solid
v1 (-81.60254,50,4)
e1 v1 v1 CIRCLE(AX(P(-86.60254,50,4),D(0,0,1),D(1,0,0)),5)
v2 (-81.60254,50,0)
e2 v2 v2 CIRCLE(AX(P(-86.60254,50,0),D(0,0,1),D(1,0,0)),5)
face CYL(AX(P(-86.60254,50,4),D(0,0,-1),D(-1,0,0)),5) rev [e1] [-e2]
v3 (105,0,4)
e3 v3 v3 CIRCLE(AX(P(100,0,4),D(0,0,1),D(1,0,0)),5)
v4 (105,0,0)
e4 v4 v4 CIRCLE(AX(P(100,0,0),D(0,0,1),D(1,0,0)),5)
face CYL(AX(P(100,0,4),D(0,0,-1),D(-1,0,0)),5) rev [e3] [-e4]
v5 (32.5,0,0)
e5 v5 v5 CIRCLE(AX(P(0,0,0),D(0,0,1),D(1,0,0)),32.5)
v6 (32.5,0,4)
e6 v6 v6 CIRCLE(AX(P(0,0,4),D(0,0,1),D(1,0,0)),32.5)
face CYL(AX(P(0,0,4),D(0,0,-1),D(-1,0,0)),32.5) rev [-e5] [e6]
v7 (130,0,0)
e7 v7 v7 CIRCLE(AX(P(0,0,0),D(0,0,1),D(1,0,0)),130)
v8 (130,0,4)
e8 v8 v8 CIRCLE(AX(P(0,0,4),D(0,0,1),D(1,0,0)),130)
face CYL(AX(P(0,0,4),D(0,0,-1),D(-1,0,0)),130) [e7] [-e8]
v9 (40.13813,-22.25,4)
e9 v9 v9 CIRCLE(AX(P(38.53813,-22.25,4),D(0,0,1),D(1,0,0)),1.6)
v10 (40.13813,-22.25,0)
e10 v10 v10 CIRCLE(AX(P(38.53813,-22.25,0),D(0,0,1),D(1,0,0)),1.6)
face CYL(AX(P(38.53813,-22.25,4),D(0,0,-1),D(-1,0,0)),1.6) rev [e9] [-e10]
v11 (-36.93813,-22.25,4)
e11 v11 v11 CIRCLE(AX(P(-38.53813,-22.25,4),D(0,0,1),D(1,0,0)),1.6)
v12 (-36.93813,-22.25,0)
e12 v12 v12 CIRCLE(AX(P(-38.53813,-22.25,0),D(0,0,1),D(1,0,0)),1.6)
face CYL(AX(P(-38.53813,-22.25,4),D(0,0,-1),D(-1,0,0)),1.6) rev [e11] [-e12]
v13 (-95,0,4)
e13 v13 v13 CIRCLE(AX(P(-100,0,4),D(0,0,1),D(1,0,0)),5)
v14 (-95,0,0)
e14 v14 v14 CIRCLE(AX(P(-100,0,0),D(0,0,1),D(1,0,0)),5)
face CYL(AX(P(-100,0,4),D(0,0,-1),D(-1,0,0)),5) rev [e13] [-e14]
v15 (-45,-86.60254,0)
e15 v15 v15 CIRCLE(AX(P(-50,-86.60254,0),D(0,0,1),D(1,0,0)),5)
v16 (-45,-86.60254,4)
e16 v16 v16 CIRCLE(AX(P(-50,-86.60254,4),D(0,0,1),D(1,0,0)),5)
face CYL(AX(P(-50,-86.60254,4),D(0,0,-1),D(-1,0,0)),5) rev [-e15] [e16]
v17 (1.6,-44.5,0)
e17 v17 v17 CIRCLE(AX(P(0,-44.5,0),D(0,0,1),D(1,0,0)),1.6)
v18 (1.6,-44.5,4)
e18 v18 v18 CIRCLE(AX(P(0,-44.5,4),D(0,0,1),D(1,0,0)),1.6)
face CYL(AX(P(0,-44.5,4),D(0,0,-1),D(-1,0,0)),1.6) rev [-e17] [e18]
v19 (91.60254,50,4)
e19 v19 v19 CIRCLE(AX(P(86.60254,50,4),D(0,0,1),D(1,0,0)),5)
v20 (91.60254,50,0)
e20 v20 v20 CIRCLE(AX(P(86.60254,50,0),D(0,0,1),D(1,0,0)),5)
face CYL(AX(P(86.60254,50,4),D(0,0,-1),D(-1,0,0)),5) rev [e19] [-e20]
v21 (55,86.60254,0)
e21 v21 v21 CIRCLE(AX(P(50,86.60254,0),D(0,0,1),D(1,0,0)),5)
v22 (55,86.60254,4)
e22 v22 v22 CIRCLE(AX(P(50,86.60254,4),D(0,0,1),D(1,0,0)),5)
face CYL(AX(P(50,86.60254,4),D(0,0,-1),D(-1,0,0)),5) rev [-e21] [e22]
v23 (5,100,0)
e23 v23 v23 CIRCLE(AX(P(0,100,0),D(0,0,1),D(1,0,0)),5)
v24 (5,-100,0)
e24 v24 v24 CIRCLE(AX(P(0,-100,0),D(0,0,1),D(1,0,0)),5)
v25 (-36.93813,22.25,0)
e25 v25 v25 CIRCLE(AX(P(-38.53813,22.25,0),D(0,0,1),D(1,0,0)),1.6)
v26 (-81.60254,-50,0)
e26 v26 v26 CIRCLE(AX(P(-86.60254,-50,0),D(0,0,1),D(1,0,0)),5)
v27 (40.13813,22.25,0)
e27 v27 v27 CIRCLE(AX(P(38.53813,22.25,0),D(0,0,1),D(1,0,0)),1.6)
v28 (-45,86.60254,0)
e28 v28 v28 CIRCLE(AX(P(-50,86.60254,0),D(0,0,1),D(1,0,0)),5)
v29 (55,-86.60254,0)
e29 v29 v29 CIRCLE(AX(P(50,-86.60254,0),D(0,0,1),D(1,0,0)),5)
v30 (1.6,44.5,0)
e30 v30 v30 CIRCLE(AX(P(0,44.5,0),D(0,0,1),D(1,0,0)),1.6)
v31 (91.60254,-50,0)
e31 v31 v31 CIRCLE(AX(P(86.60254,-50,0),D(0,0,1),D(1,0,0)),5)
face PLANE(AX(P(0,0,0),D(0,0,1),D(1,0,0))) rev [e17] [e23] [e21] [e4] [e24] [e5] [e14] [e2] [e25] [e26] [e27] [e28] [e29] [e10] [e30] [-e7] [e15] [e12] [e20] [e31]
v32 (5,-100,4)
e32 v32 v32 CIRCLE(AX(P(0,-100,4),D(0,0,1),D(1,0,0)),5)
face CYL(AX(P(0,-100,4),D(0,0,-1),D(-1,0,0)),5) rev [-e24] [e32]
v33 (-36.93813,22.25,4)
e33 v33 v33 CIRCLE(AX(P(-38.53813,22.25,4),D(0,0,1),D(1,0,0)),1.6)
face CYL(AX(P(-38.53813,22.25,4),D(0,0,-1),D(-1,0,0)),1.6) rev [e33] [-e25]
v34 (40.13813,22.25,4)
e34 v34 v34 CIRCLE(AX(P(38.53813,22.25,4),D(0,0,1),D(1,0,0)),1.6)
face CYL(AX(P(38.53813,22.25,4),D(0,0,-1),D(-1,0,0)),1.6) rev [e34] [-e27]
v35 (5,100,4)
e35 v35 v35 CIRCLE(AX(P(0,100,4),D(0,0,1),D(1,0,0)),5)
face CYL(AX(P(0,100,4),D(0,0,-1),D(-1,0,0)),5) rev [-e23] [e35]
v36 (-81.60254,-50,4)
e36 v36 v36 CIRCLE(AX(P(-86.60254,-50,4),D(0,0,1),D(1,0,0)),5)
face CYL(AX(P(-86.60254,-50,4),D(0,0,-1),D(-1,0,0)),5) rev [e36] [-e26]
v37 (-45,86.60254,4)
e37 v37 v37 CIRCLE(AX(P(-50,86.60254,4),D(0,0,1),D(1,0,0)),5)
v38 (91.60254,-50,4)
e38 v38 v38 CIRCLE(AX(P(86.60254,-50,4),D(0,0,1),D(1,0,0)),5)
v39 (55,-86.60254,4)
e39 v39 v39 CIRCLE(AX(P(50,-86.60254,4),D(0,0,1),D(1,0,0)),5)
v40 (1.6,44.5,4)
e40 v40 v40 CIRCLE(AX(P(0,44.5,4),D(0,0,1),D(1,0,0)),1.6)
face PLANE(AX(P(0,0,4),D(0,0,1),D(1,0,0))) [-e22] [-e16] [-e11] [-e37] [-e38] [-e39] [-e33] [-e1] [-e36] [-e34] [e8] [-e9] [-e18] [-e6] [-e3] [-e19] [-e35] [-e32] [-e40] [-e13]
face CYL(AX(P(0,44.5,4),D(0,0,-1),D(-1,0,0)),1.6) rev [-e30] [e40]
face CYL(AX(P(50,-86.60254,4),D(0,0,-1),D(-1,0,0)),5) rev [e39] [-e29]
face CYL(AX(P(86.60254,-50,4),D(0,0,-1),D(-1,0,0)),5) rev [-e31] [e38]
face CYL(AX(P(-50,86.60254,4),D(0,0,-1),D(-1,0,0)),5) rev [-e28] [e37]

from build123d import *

# Parameters (mm, degrees)
SKETCH_1_R      = 130
SKETCH_1_R_2    = 32.5
SKETCH_1_R_3    = 5
SKETCH_1_R_4    = 1.6
EXTRUDE_1_DEPTH = 4


with BuildPart() as part:
    # 草图1 → 凸台-拉伸1 (new body)
    with BuildSketch(Plane.XY):
        Circle(SKETCH_1_R)
        Circle(SKETCH_1_R_2, mode=Mode.SUBTRACT)
        with Locations((0, 100)):
            Circle(SKETCH_1_R_3, mode=Mode.SUBTRACT)
        with Locations((50, 86.602540378)):
            Circle(SKETCH_1_R_3, mode=Mode.SUBTRACT)
        with Locations((86.602540378, 50)):
            Circle(SKETCH_1_R_3, mode=Mode.SUBTRACT)
        with Locations((100, 0)):
            Circle(SKETCH_1_R_3, mode=Mode.SUBTRACT)
        with Locations((86.602540378, -50)):
            Circle(SKETCH_1_R_3, mode=Mode.SUBTRACT)
        with Locations((50, -86.602540378)):
            Circle(SKETCH_1_R_3, mode=Mode.SUBTRACT)
        with Locations((0, -100)):
            Circle(SKETCH_1_R_3, mode=Mode.SUBTRACT)
        with Locations((-50, -86.602540378)):
            Circle(SKETCH_1_R_3, mode=Mode.SUBTRACT)
        with Locations((-86.602540378, -50)):
            Circle(SKETCH_1_R_3, mode=Mode.SUBTRACT)
        with Locations((-100, 0)):
            Circle(SKETCH_1_R_3, mode=Mode.SUBTRACT)
        with Locations((-86.602540378, 50)):
            Circle(SKETCH_1_R_3, mode=Mode.SUBTRACT)
        with Locations((-50, 86.602540378)):
            Circle(SKETCH_1_R_3, mode=Mode.SUBTRACT)
        with Locations((0, 44.5)):
            Circle(SKETCH_1_R_4, mode=Mode.SUBTRACT)
        with Locations((38.538130468, 22.25)):
            Circle(SKETCH_1_R_4, mode=Mode.SUBTRACT)
        with Locations((38.538130468, -22.25)):
            Circle(SKETCH_1_R_4, mode=Mode.SUBTRACT)
        with Locations((0, -44.5)):
            Circle(SKETCH_1_R_4, mode=Mode.SUBTRACT)
        with Locations((-38.538130468, -22.25)):
            Circle(SKETCH_1_R_4, mode=Mode.SUBTRACT)
        with Locations((-38.538130468, 22.25)):
            Circle(SKETCH_1_R_4, mode=Mode.SUBTRACT)
    extrude(amount=EXTRUDE_1_DEPTH)


solid = part.part
